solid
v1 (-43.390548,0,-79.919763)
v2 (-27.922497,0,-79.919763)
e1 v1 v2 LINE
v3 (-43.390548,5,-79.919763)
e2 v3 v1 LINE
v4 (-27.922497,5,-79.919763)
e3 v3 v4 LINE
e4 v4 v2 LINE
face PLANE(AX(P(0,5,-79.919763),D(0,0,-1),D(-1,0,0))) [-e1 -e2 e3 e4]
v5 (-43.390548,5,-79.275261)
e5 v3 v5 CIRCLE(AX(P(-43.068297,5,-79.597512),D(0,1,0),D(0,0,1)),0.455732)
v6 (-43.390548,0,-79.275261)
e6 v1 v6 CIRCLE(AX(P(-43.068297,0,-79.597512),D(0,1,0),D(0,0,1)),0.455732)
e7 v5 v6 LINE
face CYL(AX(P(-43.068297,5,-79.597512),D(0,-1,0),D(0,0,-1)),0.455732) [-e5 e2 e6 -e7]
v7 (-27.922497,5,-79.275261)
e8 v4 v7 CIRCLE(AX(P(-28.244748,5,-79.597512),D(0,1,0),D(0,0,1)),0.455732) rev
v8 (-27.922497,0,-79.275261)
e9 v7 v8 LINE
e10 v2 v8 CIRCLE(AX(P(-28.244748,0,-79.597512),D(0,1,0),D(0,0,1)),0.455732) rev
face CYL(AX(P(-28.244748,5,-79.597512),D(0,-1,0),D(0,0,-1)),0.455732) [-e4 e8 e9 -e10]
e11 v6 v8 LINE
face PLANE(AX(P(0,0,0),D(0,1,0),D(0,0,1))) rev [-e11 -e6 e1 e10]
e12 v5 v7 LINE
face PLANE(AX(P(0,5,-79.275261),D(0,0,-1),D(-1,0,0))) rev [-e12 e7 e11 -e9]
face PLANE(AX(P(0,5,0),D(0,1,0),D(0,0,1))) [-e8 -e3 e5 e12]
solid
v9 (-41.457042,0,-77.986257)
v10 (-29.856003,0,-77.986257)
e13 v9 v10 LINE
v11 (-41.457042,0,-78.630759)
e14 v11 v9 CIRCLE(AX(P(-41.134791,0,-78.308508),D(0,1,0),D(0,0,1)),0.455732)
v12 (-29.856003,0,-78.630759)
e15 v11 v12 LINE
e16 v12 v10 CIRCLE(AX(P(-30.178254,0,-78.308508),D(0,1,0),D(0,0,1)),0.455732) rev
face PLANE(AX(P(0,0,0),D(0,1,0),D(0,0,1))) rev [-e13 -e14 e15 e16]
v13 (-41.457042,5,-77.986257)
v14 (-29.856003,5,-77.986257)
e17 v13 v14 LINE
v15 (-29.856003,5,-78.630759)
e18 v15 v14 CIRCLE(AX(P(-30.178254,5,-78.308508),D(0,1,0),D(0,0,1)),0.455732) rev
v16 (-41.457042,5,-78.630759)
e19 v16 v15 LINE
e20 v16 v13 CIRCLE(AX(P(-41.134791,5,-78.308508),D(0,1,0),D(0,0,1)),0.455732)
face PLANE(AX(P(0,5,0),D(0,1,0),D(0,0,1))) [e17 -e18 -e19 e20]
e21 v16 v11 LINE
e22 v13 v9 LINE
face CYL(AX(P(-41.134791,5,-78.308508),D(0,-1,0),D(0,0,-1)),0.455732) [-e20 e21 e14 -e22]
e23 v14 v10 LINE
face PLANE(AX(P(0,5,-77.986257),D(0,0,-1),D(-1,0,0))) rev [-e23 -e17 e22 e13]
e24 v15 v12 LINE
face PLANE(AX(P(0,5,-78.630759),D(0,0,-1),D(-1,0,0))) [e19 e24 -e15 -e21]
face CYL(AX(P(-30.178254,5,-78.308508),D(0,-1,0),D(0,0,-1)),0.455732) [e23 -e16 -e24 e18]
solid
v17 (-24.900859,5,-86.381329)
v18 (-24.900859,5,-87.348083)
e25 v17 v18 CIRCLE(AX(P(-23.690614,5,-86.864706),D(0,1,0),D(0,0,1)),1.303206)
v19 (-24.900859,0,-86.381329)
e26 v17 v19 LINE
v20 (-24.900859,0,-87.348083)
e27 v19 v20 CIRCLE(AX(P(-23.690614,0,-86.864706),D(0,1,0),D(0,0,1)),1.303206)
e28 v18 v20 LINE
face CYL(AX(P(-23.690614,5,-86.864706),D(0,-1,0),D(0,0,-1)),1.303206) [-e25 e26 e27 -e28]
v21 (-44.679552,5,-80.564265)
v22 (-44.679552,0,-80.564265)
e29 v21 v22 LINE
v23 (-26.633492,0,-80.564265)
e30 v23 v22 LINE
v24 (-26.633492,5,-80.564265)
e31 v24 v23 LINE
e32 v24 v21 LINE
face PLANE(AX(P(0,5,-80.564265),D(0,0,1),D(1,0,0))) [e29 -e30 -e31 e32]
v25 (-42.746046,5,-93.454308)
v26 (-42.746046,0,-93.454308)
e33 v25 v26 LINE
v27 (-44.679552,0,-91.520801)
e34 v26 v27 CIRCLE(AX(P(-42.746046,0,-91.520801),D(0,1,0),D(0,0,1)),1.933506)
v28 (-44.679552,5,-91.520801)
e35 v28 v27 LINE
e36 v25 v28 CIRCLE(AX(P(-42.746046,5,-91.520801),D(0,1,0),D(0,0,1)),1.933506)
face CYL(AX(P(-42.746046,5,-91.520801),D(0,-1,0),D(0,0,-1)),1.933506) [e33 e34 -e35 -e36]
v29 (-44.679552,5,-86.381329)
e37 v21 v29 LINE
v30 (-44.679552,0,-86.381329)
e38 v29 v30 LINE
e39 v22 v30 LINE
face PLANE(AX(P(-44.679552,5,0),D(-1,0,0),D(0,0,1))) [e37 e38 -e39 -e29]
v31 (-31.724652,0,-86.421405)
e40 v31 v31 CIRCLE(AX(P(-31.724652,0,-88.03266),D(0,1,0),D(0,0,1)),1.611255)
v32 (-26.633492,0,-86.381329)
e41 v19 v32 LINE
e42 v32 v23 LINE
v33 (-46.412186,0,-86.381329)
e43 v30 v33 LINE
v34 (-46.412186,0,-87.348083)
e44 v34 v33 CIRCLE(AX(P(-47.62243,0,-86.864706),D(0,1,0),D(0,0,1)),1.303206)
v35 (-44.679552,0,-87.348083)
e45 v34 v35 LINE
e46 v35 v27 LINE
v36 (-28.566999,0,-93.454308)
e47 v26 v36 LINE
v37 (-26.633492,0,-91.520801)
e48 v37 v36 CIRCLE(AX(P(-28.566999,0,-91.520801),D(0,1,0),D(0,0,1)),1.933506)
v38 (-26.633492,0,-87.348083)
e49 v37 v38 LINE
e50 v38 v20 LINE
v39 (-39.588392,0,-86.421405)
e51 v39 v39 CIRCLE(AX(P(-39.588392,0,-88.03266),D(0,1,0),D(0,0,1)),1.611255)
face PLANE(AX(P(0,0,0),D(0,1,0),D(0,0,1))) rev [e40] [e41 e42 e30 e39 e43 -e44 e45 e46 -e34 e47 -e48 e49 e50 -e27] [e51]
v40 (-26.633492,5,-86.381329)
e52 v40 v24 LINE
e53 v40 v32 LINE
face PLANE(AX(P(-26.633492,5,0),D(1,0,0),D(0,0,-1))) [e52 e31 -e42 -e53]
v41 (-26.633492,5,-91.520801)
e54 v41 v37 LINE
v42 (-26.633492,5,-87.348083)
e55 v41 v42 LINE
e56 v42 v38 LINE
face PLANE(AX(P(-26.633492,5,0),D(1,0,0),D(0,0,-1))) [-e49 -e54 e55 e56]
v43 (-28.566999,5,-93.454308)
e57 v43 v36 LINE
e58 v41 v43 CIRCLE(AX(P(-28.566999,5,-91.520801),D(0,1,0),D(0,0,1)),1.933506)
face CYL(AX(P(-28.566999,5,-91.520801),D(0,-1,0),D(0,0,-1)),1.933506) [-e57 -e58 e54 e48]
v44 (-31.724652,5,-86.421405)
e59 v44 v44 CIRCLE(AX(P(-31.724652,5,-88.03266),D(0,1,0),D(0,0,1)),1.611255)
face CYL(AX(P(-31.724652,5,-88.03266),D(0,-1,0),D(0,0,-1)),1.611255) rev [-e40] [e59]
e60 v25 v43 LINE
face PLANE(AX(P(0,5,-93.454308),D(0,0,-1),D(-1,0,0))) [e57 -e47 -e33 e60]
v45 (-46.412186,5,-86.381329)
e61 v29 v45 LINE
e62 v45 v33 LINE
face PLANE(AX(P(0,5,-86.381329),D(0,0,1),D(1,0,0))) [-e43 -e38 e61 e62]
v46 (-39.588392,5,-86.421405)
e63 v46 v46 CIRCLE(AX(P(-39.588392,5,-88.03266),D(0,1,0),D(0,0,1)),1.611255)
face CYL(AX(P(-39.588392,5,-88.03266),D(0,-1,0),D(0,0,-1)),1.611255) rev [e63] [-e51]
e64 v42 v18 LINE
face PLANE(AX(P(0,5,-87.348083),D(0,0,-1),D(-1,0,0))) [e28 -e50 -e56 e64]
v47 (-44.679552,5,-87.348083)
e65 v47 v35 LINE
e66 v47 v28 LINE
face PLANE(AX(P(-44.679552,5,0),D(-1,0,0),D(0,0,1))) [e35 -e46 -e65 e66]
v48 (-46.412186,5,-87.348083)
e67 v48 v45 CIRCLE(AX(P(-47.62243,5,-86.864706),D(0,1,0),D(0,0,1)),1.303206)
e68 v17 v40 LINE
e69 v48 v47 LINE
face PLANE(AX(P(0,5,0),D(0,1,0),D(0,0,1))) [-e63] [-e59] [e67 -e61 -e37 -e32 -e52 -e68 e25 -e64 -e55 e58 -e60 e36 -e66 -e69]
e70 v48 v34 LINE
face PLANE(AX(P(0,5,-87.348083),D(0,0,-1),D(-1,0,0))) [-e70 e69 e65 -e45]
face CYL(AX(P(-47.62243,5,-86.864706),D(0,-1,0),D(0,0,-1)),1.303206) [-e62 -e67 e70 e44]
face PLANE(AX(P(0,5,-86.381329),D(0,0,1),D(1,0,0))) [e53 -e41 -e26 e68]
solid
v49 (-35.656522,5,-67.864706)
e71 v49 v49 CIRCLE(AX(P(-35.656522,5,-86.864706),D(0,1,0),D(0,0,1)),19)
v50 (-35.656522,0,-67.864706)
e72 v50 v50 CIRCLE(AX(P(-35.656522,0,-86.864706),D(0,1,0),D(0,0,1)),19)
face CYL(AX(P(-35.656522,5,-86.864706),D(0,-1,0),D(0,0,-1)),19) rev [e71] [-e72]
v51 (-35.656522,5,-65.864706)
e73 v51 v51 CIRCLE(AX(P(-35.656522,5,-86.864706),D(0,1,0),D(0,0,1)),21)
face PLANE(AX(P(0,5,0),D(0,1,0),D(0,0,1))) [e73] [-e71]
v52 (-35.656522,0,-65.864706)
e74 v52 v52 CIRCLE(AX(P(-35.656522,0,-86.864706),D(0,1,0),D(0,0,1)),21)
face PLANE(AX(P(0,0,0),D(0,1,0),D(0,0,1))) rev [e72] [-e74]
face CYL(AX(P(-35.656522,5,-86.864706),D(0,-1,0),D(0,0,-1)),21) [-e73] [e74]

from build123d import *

# Parameters (mm, degrees)
SKETCH1_R             = 21
SKETCH1_R_2           = 19
BOSS_EXTRUDE1_DEPTH   = 5
SKETCH1_R_3           = 1.611255347
BOSS_EXTRUDE1_2_DEPTH = 5
BOSS_EXTRUDE1_3_DEPTH = 5
BOSS_EXTRUDE1_4_DEPTH = 5


with BuildPart() as part:
    # Sketch1 → Boss-Extrude1 (new body)
    with BuildSketch(Plane(origin=(0, 0, 0), x_dir=(1, 0, 0), z_dir=(0, 1, 0))):
        with Locations((-35.656522361, 86.864706092)):
            Circle(SKETCH1_R)
        with Locations((-35.656522361, 86.864706092)):
            Circle(SKETCH1_R_2, mode=Mode.SUBTRACT)
    extrude(amount=BOSS_EXTRUDE1_DEPTH)


with BuildPart() as body_2:
    # Sketch1 → Boss-Extrude1 2 (new body)
    with BuildSketch(Plane(origin=(0, 0, 0), x_dir=(1, 0, 0), z_dir=(0, 1, 0))):
        with BuildLine():
            Line((-26.633492417, 91.520801428), (-26.633492417, 87.348082696))
            Line((-26.633492417, 87.348082696), (-24.900858961, 87.348082696))
            ThreePointArc((-24.900858961, 87.348082696), (-22.38740856, 86.864706092), (-24.900858961, 86.381329488))
            Line((-24.900858961, 86.381329488), (-26.633492417, 86.381329488))
            Line((-26.633492417, 86.381329488), (-26.633492417, 80.564265068))
            Line((-26.633492417, 80.564265068), (-44.679552304, 80.564265068))
            Line((-44.679552304, 80.564265068), (-44.679552304, 86.381329488))
            Line((-44.679552304, 86.381329488), (-46.412185761, 86.381329488))
            ThreePointArc((-46.412185761, 86.381329488), (-48.925636161, 86.864706092), (-46.412185761, 87.348082696))
            Line((-46.412185761, 87.348082696), (-44.679552304, 87.348082696))
            Line((-44.679552304, 87.348082696), (-44.679552304, 91.520801428))
            ThreePointArc((-44.679552304, 91.520801428), (-44.113241386, 92.887996927), (-42.746045888, 93.454307845))
            Line((-42.746045888, 93.454307845), (-28.566998833, 93.454307845))
            ThreePointArc((-28.566998833, 93.454307845), (-27.199803335, 92.887996927), (-26.633492417, 91.520801428))
        make_face()
        with Locations((-39.588392261, 88.032660088)):
            Circle(SKETCH1_R_3, mode=Mode.SUBTRACT)
        with Locations((-31.72465246, 88.032660088)):
            Circle(SKETCH1_R_3, mode=Mode.SUBTRACT)
    extrude(amount=BOSS_EXTRUDE1_2_DEPTH)


with BuildPart() as body_3:
    # Sketch1 → Boss-Extrude1 3 (new body)
    with BuildSketch(Plane(origin=(0, 0, 0), x_dir=(1, 0, 0), z_dir=(0, 1, 0))):
        with BuildLine():
            ThreePointArc((-29.856003111, 78.630758651), (-29.722522348, 78.308507582), (-29.856003111, 77.986256512))
            Line((-29.856003111, 77.986256512), (-41.45704161, 77.986256512))
            ThreePointArc((-41.45704161, 77.986256512), (-41.590522374, 78.308507582), (-41.45704161, 78.630758651))
            Line((-41.45704161, 78.630758651), (-29.856003111, 78.630758651))
        make_face()
    extrude(amount=BOSS_EXTRUDE1_3_DEPTH)


with BuildPart() as body_4:
    # Sketch1 → Boss-Extrude1 4 (new body)
    with BuildSketch(Plane(origin=(0, 0, 0), x_dir=(1, 0, 0), z_dir=(0, 1, 0))):
        with BuildLine():
            ThreePointArc((-27.922496694, 79.919762929), (-27.789015931, 79.597511859), (-27.922496694, 79.27526079))
            Line((-27.922496694, 79.27526079), (-43.390548027, 79.27526079))
            ThreePointArc((-43.390548027, 79.27526079), (-43.52402879, 79.597511859), (-43.390548027, 79.919762929))
            Line((-43.390548027, 79.919762929), (-27.922496694, 79.919762929))
        make_face()
    extrude(amount=BOSS_EXTRUDE1_4_DEPTH)


solid = Compound([part.part, body_2.part, body_3.part, body_4.part])
